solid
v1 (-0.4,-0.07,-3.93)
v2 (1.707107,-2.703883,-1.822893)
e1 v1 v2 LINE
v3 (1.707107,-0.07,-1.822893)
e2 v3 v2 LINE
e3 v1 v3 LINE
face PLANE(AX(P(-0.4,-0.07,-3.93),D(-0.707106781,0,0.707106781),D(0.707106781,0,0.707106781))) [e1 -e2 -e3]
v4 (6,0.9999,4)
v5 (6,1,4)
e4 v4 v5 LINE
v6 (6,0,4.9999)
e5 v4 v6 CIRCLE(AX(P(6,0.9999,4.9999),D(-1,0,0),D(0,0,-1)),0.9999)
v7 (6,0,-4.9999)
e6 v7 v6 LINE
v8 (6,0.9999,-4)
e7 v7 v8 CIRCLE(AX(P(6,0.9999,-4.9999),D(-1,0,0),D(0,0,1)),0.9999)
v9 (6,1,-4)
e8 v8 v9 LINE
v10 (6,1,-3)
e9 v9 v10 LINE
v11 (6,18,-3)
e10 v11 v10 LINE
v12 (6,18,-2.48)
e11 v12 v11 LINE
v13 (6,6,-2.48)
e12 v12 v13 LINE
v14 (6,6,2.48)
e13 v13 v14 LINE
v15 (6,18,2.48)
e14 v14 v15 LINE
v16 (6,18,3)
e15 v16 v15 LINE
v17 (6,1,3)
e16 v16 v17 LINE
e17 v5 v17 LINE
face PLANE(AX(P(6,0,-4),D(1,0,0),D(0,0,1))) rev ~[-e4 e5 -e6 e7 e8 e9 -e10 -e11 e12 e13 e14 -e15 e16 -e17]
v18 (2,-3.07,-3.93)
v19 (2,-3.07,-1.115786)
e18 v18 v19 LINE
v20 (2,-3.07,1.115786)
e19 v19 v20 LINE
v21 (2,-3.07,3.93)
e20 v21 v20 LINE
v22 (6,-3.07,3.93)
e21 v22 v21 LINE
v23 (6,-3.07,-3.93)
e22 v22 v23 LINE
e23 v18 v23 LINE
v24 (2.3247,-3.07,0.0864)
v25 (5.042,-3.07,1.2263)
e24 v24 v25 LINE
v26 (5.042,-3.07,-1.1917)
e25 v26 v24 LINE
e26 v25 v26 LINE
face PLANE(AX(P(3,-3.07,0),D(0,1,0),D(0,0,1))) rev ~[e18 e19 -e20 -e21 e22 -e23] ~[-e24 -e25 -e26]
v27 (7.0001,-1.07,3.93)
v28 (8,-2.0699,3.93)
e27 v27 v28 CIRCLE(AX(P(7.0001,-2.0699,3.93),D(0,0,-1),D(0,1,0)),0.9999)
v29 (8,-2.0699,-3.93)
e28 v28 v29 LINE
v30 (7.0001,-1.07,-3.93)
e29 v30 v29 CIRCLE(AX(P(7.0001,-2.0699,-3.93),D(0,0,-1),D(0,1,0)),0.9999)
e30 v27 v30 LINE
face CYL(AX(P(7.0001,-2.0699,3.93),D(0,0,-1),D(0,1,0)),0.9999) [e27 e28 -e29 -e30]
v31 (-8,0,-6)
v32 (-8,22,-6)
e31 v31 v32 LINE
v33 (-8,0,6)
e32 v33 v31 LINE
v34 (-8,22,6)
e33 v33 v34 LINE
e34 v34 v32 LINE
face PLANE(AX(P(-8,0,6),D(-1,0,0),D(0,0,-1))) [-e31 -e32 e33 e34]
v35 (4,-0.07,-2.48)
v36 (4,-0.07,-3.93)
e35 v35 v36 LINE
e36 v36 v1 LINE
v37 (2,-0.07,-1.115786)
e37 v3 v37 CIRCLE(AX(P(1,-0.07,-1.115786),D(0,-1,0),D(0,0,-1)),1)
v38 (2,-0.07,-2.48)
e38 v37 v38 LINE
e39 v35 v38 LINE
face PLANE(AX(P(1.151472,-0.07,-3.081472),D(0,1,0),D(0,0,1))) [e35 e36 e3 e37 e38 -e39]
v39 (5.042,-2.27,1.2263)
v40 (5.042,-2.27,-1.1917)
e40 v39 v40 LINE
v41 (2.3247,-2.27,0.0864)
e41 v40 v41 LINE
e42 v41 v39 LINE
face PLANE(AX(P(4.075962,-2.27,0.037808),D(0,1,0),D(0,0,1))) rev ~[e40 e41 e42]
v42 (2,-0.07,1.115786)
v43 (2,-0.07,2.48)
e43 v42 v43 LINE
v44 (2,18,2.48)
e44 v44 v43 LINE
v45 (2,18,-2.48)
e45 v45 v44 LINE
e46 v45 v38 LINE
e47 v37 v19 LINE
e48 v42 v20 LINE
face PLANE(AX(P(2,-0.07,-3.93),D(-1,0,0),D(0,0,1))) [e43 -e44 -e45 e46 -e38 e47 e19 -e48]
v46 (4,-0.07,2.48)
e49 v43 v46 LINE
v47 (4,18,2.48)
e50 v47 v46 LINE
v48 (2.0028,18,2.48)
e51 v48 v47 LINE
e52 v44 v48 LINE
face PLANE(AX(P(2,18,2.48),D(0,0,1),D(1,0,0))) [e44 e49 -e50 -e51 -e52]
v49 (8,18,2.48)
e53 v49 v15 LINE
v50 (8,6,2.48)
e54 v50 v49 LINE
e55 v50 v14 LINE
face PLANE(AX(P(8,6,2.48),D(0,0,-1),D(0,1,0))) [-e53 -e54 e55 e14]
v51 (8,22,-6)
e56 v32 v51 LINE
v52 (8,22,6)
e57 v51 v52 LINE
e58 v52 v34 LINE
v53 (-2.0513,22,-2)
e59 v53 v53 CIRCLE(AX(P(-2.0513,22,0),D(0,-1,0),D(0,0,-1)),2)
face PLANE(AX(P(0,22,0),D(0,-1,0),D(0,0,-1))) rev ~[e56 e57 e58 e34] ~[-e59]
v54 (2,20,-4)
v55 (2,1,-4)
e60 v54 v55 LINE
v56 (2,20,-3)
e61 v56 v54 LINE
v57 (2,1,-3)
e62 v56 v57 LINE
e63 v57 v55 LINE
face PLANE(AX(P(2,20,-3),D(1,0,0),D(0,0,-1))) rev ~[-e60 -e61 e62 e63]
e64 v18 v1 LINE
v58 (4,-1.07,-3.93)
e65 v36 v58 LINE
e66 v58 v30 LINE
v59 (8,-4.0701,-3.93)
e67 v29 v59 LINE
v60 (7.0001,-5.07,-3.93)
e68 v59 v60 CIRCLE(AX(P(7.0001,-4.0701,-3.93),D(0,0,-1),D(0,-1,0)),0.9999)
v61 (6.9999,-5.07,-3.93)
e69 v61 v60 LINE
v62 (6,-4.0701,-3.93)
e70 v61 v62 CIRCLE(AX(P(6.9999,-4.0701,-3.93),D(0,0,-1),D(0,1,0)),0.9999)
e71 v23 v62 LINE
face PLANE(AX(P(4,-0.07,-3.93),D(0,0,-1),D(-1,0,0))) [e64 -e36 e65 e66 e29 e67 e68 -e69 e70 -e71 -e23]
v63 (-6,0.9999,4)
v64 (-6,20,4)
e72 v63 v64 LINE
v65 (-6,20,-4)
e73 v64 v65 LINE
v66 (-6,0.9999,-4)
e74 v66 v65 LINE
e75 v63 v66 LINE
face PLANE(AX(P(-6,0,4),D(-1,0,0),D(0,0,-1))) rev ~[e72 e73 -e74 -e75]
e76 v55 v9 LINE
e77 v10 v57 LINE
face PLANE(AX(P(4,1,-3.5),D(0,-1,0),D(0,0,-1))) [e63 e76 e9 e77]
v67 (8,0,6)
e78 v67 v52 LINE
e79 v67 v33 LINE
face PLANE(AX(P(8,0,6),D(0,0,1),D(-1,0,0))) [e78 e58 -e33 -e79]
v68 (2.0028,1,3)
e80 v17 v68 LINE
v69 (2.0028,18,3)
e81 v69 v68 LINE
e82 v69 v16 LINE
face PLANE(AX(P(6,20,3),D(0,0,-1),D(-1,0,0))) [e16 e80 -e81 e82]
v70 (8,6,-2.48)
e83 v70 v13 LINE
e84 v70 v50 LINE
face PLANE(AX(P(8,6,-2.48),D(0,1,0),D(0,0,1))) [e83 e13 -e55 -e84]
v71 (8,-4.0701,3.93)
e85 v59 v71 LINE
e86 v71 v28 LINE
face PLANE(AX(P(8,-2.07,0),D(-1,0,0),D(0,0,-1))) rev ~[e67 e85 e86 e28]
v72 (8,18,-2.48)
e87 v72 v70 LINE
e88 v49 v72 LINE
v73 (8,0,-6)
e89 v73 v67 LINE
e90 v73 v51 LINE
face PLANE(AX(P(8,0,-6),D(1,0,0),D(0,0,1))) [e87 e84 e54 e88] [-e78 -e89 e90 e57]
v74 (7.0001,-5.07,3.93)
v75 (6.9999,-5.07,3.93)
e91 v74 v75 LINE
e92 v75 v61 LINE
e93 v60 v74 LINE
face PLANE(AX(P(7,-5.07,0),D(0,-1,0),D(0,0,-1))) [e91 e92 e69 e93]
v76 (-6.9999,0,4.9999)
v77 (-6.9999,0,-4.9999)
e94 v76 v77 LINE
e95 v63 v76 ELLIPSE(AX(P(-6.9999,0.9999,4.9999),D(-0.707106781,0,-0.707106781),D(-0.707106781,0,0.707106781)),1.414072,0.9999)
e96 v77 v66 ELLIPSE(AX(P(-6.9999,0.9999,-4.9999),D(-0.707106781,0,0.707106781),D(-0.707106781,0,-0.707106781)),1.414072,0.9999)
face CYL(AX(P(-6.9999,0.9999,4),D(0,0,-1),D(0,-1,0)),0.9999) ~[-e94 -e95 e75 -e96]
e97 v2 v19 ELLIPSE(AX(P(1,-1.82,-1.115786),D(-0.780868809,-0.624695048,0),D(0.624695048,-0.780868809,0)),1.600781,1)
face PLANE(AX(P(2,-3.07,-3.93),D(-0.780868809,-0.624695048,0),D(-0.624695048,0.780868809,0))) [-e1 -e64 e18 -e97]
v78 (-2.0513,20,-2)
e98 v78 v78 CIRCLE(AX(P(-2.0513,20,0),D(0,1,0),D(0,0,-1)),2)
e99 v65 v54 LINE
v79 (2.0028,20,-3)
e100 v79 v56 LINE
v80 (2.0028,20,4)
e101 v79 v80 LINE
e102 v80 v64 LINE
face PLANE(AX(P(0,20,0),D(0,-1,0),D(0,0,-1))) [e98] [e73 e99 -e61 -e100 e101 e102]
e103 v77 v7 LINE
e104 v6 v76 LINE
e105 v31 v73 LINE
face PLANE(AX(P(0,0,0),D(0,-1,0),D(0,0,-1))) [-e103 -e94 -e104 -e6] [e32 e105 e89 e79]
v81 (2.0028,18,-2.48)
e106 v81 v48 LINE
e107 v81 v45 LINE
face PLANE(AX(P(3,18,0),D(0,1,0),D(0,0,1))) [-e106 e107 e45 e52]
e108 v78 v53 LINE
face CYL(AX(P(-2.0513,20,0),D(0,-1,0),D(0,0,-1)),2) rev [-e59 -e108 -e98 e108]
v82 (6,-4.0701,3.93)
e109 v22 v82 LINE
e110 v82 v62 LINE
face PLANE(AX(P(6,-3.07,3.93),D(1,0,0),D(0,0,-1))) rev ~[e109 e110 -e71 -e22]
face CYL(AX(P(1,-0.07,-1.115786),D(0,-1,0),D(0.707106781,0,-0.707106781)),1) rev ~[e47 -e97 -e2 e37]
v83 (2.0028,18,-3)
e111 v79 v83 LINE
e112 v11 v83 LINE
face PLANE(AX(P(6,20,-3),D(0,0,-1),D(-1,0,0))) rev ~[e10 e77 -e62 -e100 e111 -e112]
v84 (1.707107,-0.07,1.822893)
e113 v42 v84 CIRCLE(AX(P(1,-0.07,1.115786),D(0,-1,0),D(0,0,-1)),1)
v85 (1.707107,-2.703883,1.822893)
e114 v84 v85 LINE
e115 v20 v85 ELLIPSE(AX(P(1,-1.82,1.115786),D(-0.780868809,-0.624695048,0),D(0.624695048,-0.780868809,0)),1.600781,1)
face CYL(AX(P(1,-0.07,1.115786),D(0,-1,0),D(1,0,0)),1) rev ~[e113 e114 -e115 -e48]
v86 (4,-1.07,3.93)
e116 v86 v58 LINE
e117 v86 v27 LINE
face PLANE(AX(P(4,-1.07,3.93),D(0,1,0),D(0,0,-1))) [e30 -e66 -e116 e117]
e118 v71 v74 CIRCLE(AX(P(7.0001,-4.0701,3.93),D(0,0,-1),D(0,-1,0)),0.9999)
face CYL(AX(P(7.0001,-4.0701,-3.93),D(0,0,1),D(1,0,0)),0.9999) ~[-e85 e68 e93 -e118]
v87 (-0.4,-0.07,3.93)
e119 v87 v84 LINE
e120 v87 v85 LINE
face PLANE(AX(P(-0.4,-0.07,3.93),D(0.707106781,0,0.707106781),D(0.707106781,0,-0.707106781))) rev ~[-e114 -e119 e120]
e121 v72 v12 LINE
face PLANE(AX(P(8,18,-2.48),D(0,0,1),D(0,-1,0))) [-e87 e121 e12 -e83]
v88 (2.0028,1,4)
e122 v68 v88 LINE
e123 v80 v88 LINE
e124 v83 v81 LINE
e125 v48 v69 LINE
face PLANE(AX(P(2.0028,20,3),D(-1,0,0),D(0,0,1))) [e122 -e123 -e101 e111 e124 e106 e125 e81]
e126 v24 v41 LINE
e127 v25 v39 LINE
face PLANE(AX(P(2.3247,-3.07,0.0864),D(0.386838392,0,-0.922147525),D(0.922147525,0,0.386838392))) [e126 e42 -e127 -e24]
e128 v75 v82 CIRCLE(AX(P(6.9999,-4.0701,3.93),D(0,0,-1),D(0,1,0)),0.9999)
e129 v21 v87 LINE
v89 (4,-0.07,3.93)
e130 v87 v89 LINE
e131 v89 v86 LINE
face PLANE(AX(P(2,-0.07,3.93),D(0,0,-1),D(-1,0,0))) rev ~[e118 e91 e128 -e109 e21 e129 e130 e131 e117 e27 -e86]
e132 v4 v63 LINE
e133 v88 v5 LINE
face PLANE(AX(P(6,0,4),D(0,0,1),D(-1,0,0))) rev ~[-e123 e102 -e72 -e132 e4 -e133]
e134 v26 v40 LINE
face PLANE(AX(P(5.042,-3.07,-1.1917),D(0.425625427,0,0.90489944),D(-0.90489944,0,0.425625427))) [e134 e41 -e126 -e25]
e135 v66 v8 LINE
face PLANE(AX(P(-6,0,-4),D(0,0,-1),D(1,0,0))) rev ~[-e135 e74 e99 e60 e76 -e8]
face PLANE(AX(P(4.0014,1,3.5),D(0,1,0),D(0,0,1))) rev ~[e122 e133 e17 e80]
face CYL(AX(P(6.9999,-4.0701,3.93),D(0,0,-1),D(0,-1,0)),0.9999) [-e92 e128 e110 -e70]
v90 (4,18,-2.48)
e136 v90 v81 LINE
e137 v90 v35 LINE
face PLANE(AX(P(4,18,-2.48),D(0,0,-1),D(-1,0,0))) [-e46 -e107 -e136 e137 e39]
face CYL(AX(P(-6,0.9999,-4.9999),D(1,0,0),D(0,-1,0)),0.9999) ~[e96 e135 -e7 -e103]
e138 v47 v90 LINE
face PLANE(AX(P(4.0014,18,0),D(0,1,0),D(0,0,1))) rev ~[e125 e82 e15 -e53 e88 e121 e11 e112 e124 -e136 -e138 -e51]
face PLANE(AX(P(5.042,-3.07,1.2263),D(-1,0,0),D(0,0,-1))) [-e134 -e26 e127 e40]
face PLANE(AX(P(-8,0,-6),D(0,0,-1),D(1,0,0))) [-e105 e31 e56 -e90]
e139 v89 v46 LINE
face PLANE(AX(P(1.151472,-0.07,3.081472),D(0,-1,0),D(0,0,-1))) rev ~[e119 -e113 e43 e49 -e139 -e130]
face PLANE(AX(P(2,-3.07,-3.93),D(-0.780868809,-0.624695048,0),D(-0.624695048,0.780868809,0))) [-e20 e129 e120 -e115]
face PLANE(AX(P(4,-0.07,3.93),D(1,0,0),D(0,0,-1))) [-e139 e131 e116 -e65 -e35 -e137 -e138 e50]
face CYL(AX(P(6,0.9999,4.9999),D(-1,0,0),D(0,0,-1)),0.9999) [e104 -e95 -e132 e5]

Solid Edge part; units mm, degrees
sketch "Sketch1" plane through (0, 0, 0) normal (0, -1, 0) x (1, 0, 0)
  line L0 (8, 6) -> (-8, 6)
  line L1 (-8, 6) -> (-8, -6)
  line L2 (-8, -6) -> (8, -6)
  line L3 (8, -6) -> (8, 6)
extrude "Protrusion1" add sketch "Sketch1" against normal blind 22
sketch "Sketch2" plane through (0, 0, 0) normal (0, -1, 0) x (1, 0, 0)
  line L0 (6, 4) -> (-6, 4)
  line L1 (-6, 4) -> (-6, -4)
  line L2 (-6, -4) -> (6, -4)
  line L3 (6, -4) -> (6, 4)
extrude "Cutout1" cut sketch "Sketch2" against normal blind 20
sketch "Sketch3" plane through (0, 20, 0) normal (0, -1, 0) x (1, 0, 0)
  line L0 (6, -3) -> (2, -3)
  line L1 (2, -3) -> (2, -4)
  line L2 (2, -4) -> (6, -4)
  line L3 (6, -4) -> (6, -3)
  line L4 (6, 3) -> (2.0028, 3)
  line L5 (2.0028, 3) -> (2.0028, 4)
  line L6 (2.0028, 4) -> (6, 4)
  line L7 (6, 4) -> (6, 3)
extrude "LockSideProtrusion" add sketch "Sketch3" along normal blind 19
sketch "Sketch4" plane through (0, 20, 0) normal (0, -1, 0) x (1, 0, 0)
  line L0 (6, 3) -> (6, -3)
  line L1 (6, -3) -> (2.0028, -3)
  line L2 (2.0028, -3) -> (2.0028, 3)
  line L3 (2.0028, 3) -> (6, 3)
extrude "LockBaseProtrusion" add sketch "Sketch4" along normal blind 2
sketch "Sketch5" plane through (4.0014, 18, 0) normal (0, -1, 0) x (1, 0, 0)
  line L0 (-0.0014, 2.48) -> (-0.0014, -2.48)
  line L1 (-0.0014, -2.48) -> (-2.0014, -2.48)
  line L2 (-2.0014, -2.48) -> (-2.0014, 2.48)
  line L3 (-2.0014, 2.48) -> (-0.0014, 2.48)
extrude "LockProtrusion" add sketch "Sketch5" along normal blind 18.07
sketch "Sketch6" plane through (3, -0.07, 0) normal (0, -1, 0) x (1, 0, 0)
  line L0 (-1, -3.93) -> (-1, 3.93)
  line L1 (-1, 3.93) -> (1, 3.93)
  line L2 (1, 3.93) -> (1, -3.93)
  line L3 (1, -3.93) -> (-1, -3.93)
extrude "LockHeadMainProtrusion" add sketch "Sketch6" along normal blind 3
sketch "Sketch7" plane through (3, -0.07, 0) normal (0, -1, 0) x (1, 0, 0)
  line L0 (-3.4, 3.93) -> (-1, 1.53)
  line L1 (-1, 1.53) -> (-1, 3.93)
  line L2 (-1, 3.93) -> (-3.4, 3.93)
  line L3 (-3.4, -3.93) -> (-1, -1.53)
  line L4 (-1, -1.53) -> (-1, -3.93)
  line L5 (-1, -3.93) -> (-3.4, -3.93)
  dimension "D1" = 0.07
  dimension "D2" = 7.86
  dimension "D3" = 0.07
extrude "LockHeadTriangleProtrusion" add sketch "Sketch7" along normal blind 3
sketch "Sketch8" plane through (1.8, -1.57, -3.93) normal (0, 0, -1) x (1, 0, 0)
  line L0 (-2.2, 1.5) -> (0.2, 1.5)
  line L1 (0.2, 1.5) -> (-2.2, -1.5)
  line L2 (-2.2, -1.5) -> (-2.2, 1.5)
extrude "LockHeadTriangleCut" cut sketch "Sketch8" against normal blind 8.6519
sketch "Sketch9" plane through (4, 7.465, 0) normal (1, 0, 0) x (0, 0, 1)
  line L0 (-3.93, 10.535) -> (3.93, 10.535)
  line L1 (3.93, 10.535) -> (3.93, 8.535)
  line L2 (3.93, 8.535) -> (-3.93, 8.535)
  line L3 (-3.93, 8.535) -> (-3.93, 10.535)
extrude "FlapBaseProtrusion" add sketch "Sketch9" along normal blind 4
sketch "Sketch10" plane through (5, -3.07, 0) normal (0, -1, 0) x (1, 0, 0)
  line L0 (3, 3.93) -> (1, 3.93)
  line L1 (1, 3.93) -> (1, -3.93)
  line L2 (1, -3.93) -> (3, -3.93)
  line L3 (3, -3.93) -> (3, 3.93)
extrude "FlapHandleProtrusion" add sketch "Sketch10" along normal blind 2
fillet "SlotInnerRound" radius 1 3 edges at (0, 0, 4) (-6, 0, 0) (0, 0, -4)
fillet "FlapRound" radius 1 3 edges at (6, -5.07, 0) (8, -5.07, 0) (8, -1.07, 0)
sketch "Sketch11" plane through (4, -3.07, 0) normal (0, -1, 0) x (1, 0, 0)
  line L0 (-1.6753, 0.0864) -> (1.042, 1.2263)
  line L1 (1.042, 1.2263) -> (1.042, -1.1917)
  line L2 (1.042, -1.1917) -> (-1.6753, 0.0864)
extrude "MarkCut" cut sketch "Sketch11" against normal blind 0.8
hole "PushHole" at (-2.0513, 20, 0) direction (0, 1, 0) diameter 4 end through all
fillet "LockTriangleRound" radius 1 2 edges at (2, -1.57, 1.53) (2, -1.57, -1.53)
sketch "Sketch12" plane through (8, 11, 0) normal (1, 0, 0) x (0, -1, 0)
  line L0 (-7, 2.48) -> (5, 2.48)
  line L1 (5, 2.48) -> (5, -2.48)
  line L2 (5, -2.48) -> (-7, -2.48)
  line L3 (-7, -2.48) -> (-7, 2.48)
extrude "Cutout2" cut sketch "Sketch12" against normal blind 2
